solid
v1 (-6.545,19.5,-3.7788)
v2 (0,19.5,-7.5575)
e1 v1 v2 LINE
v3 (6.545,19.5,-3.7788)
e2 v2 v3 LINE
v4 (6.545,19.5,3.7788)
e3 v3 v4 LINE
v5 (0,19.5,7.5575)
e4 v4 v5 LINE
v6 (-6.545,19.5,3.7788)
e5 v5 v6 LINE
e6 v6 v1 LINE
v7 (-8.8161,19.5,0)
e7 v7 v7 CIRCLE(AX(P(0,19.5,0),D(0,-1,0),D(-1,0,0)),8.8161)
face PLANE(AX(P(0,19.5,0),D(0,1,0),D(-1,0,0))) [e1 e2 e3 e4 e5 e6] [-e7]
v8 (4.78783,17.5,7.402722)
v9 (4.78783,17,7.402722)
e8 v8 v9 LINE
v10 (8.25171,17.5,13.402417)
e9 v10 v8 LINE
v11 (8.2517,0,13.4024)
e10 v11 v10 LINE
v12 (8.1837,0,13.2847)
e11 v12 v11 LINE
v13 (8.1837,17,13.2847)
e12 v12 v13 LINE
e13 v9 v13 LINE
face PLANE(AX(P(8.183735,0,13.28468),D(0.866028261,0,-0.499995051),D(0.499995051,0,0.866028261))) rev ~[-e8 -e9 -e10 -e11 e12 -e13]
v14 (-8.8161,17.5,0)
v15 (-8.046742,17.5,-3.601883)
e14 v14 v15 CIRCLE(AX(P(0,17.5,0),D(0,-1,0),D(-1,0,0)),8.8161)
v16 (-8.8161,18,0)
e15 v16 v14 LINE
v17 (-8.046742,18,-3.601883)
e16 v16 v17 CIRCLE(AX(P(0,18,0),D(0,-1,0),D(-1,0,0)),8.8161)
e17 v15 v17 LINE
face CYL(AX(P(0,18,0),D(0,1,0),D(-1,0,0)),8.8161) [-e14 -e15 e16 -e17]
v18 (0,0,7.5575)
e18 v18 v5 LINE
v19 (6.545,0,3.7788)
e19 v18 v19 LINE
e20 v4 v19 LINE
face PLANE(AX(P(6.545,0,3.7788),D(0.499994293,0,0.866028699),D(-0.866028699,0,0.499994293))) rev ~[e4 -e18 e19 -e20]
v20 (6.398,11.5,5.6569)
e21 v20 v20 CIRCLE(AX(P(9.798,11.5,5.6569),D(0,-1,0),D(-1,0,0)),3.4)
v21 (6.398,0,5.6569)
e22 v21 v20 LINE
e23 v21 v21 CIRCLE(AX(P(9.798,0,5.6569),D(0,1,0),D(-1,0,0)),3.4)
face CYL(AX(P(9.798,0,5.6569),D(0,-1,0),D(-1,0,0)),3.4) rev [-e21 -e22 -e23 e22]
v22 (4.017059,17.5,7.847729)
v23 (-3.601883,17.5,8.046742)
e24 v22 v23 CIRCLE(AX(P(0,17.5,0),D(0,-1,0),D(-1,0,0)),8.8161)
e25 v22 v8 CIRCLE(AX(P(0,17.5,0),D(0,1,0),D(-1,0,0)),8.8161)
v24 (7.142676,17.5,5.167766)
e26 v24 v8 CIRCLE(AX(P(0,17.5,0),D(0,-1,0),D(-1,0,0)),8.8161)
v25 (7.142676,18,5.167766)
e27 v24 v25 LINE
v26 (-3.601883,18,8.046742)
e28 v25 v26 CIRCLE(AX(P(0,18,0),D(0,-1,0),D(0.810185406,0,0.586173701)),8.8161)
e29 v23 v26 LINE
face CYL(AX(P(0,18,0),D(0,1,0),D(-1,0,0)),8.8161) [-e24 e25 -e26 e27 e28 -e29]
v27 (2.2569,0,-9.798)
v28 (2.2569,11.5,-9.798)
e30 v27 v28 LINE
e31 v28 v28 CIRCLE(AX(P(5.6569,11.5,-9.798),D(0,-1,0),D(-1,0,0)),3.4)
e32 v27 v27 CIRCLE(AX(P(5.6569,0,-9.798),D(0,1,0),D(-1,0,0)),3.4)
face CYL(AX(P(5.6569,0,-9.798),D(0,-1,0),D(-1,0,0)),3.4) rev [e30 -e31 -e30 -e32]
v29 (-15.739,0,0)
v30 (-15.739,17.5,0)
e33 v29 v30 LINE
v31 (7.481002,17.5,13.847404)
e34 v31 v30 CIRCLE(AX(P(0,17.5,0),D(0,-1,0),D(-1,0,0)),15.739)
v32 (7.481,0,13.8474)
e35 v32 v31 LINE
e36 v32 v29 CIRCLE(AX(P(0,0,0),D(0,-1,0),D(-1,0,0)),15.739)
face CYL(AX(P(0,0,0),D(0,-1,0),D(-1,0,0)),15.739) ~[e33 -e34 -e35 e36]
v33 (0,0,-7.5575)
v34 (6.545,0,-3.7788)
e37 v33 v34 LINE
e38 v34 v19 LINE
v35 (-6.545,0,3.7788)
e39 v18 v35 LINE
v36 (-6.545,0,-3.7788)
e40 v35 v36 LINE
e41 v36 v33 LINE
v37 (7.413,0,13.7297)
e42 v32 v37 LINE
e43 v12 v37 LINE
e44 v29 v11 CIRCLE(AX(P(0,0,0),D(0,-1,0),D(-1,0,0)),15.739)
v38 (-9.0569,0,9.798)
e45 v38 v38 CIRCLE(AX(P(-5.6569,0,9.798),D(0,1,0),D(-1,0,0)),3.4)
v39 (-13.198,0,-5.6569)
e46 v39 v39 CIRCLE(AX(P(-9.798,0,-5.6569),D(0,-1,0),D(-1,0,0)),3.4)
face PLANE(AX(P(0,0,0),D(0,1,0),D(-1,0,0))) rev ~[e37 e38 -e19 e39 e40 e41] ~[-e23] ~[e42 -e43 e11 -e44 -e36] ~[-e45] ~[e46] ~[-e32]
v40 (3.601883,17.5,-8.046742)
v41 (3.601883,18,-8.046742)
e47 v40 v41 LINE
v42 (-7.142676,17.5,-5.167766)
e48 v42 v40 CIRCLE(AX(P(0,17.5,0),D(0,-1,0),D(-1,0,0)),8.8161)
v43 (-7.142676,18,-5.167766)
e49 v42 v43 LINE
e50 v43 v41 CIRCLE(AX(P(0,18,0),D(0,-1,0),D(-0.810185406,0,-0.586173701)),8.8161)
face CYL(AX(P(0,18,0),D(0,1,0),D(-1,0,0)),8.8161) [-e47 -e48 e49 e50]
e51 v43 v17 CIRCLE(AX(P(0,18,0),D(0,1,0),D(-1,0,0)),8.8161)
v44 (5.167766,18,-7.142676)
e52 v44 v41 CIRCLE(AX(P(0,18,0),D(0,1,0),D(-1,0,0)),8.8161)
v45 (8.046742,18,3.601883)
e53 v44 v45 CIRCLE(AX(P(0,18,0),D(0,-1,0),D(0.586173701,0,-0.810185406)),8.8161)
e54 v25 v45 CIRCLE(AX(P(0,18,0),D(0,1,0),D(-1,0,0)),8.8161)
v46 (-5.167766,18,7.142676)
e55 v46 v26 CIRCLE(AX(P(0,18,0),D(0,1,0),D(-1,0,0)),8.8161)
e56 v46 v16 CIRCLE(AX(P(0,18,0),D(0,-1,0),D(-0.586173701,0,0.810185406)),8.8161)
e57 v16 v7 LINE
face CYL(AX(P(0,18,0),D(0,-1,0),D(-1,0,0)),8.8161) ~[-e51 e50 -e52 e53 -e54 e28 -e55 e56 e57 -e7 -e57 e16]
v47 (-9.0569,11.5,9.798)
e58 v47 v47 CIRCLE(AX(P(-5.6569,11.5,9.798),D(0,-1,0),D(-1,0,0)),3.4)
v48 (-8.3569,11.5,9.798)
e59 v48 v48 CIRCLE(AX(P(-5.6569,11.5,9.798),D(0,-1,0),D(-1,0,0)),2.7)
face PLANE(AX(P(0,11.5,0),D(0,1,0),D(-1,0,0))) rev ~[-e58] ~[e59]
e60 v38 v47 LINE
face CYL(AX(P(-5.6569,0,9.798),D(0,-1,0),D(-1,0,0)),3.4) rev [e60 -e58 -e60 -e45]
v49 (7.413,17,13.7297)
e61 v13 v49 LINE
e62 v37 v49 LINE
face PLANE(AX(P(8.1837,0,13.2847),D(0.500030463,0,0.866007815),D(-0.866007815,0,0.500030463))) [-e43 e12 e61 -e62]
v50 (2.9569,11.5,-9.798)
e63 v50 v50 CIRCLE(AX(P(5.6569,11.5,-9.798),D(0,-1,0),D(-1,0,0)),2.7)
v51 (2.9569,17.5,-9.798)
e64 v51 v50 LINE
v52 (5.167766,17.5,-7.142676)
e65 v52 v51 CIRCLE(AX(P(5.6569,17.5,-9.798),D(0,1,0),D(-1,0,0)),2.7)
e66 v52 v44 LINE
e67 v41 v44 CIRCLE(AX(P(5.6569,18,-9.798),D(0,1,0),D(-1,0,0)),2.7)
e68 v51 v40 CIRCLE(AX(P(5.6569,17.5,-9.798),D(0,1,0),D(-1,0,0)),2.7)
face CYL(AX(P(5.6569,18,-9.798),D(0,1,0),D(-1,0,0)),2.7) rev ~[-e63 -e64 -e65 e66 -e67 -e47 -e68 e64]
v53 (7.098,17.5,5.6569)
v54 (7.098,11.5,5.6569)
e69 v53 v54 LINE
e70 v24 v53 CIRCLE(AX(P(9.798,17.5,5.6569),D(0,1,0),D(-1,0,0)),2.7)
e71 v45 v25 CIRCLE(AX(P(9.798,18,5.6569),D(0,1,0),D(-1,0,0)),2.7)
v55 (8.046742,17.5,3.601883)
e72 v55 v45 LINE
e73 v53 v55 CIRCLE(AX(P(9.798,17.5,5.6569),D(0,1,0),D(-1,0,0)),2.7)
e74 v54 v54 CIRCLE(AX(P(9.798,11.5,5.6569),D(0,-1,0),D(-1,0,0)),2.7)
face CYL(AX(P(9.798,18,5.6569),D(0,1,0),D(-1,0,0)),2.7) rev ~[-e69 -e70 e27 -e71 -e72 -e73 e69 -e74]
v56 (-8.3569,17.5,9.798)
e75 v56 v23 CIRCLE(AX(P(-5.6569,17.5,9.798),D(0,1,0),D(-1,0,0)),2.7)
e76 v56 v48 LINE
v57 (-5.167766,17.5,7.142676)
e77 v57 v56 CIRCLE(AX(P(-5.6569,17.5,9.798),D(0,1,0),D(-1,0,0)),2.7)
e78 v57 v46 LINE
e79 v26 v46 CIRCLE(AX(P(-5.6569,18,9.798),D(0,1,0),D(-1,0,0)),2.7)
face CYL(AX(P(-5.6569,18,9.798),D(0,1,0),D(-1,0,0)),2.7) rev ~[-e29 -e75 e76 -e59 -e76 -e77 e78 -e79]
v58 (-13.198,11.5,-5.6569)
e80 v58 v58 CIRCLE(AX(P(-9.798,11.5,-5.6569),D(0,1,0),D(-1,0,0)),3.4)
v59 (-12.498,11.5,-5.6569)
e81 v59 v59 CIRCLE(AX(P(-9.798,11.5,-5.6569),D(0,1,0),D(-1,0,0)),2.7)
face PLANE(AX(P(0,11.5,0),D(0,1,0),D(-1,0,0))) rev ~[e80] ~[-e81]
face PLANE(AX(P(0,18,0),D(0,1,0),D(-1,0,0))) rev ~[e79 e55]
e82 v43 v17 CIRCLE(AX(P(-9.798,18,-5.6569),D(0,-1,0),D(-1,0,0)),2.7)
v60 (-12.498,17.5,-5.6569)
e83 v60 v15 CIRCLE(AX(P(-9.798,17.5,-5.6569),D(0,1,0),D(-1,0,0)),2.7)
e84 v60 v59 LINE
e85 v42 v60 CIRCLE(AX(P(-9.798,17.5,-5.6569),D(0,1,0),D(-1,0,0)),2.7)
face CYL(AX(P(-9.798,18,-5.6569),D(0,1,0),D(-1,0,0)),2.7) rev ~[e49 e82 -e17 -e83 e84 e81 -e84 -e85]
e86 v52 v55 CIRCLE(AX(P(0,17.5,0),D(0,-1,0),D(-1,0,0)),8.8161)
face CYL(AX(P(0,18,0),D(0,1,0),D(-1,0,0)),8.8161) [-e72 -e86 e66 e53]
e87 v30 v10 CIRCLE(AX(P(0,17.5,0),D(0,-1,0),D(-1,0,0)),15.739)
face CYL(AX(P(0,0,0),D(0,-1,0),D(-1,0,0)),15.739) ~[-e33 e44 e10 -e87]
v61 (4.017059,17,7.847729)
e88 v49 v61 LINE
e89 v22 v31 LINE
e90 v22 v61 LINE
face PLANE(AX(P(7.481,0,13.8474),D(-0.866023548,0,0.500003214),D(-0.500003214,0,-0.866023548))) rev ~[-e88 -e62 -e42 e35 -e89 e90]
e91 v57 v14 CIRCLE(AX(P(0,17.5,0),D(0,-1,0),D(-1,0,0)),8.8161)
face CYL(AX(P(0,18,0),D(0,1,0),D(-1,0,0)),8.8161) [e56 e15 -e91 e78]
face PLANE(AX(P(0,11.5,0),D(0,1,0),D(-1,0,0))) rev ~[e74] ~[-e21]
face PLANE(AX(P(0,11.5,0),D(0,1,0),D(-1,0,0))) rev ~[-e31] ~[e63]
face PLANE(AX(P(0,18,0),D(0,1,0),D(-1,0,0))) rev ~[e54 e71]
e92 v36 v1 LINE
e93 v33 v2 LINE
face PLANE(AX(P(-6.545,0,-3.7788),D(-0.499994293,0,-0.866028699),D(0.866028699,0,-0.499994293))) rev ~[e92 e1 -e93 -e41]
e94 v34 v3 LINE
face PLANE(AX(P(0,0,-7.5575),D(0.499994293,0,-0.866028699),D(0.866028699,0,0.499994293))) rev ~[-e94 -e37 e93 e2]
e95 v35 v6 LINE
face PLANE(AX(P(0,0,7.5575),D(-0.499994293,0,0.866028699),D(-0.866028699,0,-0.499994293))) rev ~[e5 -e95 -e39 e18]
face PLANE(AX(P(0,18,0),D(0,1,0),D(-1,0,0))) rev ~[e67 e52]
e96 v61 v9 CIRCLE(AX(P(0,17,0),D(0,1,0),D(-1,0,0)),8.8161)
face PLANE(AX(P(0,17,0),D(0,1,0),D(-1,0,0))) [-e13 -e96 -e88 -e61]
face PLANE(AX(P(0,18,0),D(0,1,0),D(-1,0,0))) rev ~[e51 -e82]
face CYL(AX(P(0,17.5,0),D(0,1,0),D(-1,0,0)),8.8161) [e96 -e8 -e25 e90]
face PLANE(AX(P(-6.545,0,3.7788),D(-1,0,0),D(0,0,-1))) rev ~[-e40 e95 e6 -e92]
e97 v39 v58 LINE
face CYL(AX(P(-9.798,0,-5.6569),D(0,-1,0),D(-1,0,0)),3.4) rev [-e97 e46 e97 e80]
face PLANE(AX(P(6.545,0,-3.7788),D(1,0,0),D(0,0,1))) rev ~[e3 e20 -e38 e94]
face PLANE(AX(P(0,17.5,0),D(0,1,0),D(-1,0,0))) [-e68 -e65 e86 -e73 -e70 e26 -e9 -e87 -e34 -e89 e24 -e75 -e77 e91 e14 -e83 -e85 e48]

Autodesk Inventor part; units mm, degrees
ref_plane "YZ Plane" through (0, 0, 0) normal (1, 0, 0) x (0, 1, 0)
ref_plane "XZ Plane" through (0, 0, 0) normal (0, 1, 0) x (-1, 0, 0)
sketch "Sketch1" plane through (0, 0, 0) normal (0, 1, 0) x (-1, 0, 0)
  circle A0 centre (9.798, -5.6569) radius 3.4
  circle A1 centre (0, 0) radius 15.739
  line L0 (0, -7.5575) -> (-6.545, -3.7788)
  line L1 (-6.545, -3.7788) -> (-6.545, 3.7788)
  line L2 (-6.545, 3.7788) -> (0, 7.5575)
  line L3 (0, 7.5575) -> (6.545, 3.7788)
  line L4 (6.545, 3.7788) -> (6.545, -3.7788)
  line L5 (6.545, -3.7788) -> (0, -7.5575)
  circle A2 centre (5.6569, 9.798) radius 3.4
  circle A3 centre (-9.798, 5.6569) radius 3.4
  circle A4 centre (-5.6569, -9.798) radius 3.4
  circle A5 centre (5.6569, 9.798) radius 1.86 projected
  circle A6 centre (0, 0) radius 8.8161
  circle A7 centre (5.6569, 9.798) radius 2.7
  circle A8 centre (-9.798, 5.6569) radius 2.7
  circle A9 centre (-5.6569, -9.798) radius 2.7
  circle A10 centre (9.798, -5.6569) radius 2.7
  line L6 (-3.6579, 5.4456) -> (-8.2517, 13.4024)
  line L7 (-8.1837, 13.2847) -> (-7.413, 13.7297)
  line L8 (-7.481, 13.8474) -> (-2.8871, 5.8906)
  line L9 (0.9331, -2.5201) -> (-7.413, 13.7297) construction
  line L10 (-8.2574, 13.3989) -> (1.7159, -2.0681) construction
  point P0 (0, 0)
  point P1 (-3.2725, 5.6681)
  point P2 (-4.0171, 7.8477)
  point P3 (-7.4748, 13.8507)
  point P4 (-8.2577, 13.3988)
  point P5 (-4.7878, 7.4027)
  dimension "d0" = 31.478
  dimension "d3" = 13.09
  dimension "d4" = 6.8
  dimension "d7" = 360
  dimension "d13" = 5.4
  dimension "d16" = 360
extrude "Extrusion1" add sketch "Sketch1" along normal blind 18 contours A0 A6 A2 L8 A1 L6 A3 A4 | A0 A6 A4 A3 L6 L2 L1 L0 L5 L4 L3 L8 A2 | L8 L2 L6 A6 | A6 L6 L7 L8 | L7 L6 A1 L8
ref_plane "Work Plane1" through (-24.2096, 24.4273, -24.2096) normal (0, 1, 0) x (0.0853, 0, 0.9964)
extrude "Extrusion2" add sketch "Sketch1" along normal blind 1.5 from surface at 18 contours A6 A10 A0 | A0 A6 A4 A3 L6 L2 L1 L0 L5 L4 L3 L8 A2 | A6 A10 | A6 A9 A4 | A2 A6 A7 | A6 A9 | A7 A6 | A6 A8 A3 | L8 L2 L6 A6 | A6 A8 picked at (7.7135, -3.2903) picked at (7.577, -4.2584) picked at (-3.2903, -7.7135) picked at (5.035, 6.7062) picked at (-4.2584, -7.577) picked at (4.4327, 7.4764) picked at (-6.8562, 4.5301) picked at (-7.577, 4.2584)
extrude "Extrusion4" add sketch "Sketch1" against normal blind 6.5 from surface at 18 contours A0 A6 A10 | A6 A10 A0 | A6 A9 A4 | A4 A6 A9 | A6 A7 A2 | A2 A6 A7 | A6 A8 A3 | A3 A6 A8
extrude "Extrusion5" cut sketch "Sketch1" against normal blind 0.5 from surface at 18 contours A0 A6 A10 | A0 A6 A2 L8 A1 L6 A3 A4 | A10 A6 | A4 A6 A9 | A6 A7 A2 | A9 A6 | A6 A7 | A3 A6 A8 | A6 L6 L7 L8 | A8 A6 | L7 L6 A1 L8 | A5 picked at (12.9069, -5.176) picked at (10.5068, -6.3265) picked at (-2.5233, -10.0696) picked at (8.7688, 9.3298) picked at (-6.0238, -10.6855) picked at (8.051, 10.0123) picked at (-12.6093, 4.2453) picked at (-10.5428, 6.2692)
extrude "Extrusion6" cut sketch "Sketch1" along normal through all contours L7 L6 A1 L8
extrude "Extrusion7" cut sketch "Sketch1" against normal blind 0.5 from surface at 17.5 contours A6 L6 L7 L8
properties part number "GoBilda Mech Hub 0500 Hex Spacer  inserts V2"
